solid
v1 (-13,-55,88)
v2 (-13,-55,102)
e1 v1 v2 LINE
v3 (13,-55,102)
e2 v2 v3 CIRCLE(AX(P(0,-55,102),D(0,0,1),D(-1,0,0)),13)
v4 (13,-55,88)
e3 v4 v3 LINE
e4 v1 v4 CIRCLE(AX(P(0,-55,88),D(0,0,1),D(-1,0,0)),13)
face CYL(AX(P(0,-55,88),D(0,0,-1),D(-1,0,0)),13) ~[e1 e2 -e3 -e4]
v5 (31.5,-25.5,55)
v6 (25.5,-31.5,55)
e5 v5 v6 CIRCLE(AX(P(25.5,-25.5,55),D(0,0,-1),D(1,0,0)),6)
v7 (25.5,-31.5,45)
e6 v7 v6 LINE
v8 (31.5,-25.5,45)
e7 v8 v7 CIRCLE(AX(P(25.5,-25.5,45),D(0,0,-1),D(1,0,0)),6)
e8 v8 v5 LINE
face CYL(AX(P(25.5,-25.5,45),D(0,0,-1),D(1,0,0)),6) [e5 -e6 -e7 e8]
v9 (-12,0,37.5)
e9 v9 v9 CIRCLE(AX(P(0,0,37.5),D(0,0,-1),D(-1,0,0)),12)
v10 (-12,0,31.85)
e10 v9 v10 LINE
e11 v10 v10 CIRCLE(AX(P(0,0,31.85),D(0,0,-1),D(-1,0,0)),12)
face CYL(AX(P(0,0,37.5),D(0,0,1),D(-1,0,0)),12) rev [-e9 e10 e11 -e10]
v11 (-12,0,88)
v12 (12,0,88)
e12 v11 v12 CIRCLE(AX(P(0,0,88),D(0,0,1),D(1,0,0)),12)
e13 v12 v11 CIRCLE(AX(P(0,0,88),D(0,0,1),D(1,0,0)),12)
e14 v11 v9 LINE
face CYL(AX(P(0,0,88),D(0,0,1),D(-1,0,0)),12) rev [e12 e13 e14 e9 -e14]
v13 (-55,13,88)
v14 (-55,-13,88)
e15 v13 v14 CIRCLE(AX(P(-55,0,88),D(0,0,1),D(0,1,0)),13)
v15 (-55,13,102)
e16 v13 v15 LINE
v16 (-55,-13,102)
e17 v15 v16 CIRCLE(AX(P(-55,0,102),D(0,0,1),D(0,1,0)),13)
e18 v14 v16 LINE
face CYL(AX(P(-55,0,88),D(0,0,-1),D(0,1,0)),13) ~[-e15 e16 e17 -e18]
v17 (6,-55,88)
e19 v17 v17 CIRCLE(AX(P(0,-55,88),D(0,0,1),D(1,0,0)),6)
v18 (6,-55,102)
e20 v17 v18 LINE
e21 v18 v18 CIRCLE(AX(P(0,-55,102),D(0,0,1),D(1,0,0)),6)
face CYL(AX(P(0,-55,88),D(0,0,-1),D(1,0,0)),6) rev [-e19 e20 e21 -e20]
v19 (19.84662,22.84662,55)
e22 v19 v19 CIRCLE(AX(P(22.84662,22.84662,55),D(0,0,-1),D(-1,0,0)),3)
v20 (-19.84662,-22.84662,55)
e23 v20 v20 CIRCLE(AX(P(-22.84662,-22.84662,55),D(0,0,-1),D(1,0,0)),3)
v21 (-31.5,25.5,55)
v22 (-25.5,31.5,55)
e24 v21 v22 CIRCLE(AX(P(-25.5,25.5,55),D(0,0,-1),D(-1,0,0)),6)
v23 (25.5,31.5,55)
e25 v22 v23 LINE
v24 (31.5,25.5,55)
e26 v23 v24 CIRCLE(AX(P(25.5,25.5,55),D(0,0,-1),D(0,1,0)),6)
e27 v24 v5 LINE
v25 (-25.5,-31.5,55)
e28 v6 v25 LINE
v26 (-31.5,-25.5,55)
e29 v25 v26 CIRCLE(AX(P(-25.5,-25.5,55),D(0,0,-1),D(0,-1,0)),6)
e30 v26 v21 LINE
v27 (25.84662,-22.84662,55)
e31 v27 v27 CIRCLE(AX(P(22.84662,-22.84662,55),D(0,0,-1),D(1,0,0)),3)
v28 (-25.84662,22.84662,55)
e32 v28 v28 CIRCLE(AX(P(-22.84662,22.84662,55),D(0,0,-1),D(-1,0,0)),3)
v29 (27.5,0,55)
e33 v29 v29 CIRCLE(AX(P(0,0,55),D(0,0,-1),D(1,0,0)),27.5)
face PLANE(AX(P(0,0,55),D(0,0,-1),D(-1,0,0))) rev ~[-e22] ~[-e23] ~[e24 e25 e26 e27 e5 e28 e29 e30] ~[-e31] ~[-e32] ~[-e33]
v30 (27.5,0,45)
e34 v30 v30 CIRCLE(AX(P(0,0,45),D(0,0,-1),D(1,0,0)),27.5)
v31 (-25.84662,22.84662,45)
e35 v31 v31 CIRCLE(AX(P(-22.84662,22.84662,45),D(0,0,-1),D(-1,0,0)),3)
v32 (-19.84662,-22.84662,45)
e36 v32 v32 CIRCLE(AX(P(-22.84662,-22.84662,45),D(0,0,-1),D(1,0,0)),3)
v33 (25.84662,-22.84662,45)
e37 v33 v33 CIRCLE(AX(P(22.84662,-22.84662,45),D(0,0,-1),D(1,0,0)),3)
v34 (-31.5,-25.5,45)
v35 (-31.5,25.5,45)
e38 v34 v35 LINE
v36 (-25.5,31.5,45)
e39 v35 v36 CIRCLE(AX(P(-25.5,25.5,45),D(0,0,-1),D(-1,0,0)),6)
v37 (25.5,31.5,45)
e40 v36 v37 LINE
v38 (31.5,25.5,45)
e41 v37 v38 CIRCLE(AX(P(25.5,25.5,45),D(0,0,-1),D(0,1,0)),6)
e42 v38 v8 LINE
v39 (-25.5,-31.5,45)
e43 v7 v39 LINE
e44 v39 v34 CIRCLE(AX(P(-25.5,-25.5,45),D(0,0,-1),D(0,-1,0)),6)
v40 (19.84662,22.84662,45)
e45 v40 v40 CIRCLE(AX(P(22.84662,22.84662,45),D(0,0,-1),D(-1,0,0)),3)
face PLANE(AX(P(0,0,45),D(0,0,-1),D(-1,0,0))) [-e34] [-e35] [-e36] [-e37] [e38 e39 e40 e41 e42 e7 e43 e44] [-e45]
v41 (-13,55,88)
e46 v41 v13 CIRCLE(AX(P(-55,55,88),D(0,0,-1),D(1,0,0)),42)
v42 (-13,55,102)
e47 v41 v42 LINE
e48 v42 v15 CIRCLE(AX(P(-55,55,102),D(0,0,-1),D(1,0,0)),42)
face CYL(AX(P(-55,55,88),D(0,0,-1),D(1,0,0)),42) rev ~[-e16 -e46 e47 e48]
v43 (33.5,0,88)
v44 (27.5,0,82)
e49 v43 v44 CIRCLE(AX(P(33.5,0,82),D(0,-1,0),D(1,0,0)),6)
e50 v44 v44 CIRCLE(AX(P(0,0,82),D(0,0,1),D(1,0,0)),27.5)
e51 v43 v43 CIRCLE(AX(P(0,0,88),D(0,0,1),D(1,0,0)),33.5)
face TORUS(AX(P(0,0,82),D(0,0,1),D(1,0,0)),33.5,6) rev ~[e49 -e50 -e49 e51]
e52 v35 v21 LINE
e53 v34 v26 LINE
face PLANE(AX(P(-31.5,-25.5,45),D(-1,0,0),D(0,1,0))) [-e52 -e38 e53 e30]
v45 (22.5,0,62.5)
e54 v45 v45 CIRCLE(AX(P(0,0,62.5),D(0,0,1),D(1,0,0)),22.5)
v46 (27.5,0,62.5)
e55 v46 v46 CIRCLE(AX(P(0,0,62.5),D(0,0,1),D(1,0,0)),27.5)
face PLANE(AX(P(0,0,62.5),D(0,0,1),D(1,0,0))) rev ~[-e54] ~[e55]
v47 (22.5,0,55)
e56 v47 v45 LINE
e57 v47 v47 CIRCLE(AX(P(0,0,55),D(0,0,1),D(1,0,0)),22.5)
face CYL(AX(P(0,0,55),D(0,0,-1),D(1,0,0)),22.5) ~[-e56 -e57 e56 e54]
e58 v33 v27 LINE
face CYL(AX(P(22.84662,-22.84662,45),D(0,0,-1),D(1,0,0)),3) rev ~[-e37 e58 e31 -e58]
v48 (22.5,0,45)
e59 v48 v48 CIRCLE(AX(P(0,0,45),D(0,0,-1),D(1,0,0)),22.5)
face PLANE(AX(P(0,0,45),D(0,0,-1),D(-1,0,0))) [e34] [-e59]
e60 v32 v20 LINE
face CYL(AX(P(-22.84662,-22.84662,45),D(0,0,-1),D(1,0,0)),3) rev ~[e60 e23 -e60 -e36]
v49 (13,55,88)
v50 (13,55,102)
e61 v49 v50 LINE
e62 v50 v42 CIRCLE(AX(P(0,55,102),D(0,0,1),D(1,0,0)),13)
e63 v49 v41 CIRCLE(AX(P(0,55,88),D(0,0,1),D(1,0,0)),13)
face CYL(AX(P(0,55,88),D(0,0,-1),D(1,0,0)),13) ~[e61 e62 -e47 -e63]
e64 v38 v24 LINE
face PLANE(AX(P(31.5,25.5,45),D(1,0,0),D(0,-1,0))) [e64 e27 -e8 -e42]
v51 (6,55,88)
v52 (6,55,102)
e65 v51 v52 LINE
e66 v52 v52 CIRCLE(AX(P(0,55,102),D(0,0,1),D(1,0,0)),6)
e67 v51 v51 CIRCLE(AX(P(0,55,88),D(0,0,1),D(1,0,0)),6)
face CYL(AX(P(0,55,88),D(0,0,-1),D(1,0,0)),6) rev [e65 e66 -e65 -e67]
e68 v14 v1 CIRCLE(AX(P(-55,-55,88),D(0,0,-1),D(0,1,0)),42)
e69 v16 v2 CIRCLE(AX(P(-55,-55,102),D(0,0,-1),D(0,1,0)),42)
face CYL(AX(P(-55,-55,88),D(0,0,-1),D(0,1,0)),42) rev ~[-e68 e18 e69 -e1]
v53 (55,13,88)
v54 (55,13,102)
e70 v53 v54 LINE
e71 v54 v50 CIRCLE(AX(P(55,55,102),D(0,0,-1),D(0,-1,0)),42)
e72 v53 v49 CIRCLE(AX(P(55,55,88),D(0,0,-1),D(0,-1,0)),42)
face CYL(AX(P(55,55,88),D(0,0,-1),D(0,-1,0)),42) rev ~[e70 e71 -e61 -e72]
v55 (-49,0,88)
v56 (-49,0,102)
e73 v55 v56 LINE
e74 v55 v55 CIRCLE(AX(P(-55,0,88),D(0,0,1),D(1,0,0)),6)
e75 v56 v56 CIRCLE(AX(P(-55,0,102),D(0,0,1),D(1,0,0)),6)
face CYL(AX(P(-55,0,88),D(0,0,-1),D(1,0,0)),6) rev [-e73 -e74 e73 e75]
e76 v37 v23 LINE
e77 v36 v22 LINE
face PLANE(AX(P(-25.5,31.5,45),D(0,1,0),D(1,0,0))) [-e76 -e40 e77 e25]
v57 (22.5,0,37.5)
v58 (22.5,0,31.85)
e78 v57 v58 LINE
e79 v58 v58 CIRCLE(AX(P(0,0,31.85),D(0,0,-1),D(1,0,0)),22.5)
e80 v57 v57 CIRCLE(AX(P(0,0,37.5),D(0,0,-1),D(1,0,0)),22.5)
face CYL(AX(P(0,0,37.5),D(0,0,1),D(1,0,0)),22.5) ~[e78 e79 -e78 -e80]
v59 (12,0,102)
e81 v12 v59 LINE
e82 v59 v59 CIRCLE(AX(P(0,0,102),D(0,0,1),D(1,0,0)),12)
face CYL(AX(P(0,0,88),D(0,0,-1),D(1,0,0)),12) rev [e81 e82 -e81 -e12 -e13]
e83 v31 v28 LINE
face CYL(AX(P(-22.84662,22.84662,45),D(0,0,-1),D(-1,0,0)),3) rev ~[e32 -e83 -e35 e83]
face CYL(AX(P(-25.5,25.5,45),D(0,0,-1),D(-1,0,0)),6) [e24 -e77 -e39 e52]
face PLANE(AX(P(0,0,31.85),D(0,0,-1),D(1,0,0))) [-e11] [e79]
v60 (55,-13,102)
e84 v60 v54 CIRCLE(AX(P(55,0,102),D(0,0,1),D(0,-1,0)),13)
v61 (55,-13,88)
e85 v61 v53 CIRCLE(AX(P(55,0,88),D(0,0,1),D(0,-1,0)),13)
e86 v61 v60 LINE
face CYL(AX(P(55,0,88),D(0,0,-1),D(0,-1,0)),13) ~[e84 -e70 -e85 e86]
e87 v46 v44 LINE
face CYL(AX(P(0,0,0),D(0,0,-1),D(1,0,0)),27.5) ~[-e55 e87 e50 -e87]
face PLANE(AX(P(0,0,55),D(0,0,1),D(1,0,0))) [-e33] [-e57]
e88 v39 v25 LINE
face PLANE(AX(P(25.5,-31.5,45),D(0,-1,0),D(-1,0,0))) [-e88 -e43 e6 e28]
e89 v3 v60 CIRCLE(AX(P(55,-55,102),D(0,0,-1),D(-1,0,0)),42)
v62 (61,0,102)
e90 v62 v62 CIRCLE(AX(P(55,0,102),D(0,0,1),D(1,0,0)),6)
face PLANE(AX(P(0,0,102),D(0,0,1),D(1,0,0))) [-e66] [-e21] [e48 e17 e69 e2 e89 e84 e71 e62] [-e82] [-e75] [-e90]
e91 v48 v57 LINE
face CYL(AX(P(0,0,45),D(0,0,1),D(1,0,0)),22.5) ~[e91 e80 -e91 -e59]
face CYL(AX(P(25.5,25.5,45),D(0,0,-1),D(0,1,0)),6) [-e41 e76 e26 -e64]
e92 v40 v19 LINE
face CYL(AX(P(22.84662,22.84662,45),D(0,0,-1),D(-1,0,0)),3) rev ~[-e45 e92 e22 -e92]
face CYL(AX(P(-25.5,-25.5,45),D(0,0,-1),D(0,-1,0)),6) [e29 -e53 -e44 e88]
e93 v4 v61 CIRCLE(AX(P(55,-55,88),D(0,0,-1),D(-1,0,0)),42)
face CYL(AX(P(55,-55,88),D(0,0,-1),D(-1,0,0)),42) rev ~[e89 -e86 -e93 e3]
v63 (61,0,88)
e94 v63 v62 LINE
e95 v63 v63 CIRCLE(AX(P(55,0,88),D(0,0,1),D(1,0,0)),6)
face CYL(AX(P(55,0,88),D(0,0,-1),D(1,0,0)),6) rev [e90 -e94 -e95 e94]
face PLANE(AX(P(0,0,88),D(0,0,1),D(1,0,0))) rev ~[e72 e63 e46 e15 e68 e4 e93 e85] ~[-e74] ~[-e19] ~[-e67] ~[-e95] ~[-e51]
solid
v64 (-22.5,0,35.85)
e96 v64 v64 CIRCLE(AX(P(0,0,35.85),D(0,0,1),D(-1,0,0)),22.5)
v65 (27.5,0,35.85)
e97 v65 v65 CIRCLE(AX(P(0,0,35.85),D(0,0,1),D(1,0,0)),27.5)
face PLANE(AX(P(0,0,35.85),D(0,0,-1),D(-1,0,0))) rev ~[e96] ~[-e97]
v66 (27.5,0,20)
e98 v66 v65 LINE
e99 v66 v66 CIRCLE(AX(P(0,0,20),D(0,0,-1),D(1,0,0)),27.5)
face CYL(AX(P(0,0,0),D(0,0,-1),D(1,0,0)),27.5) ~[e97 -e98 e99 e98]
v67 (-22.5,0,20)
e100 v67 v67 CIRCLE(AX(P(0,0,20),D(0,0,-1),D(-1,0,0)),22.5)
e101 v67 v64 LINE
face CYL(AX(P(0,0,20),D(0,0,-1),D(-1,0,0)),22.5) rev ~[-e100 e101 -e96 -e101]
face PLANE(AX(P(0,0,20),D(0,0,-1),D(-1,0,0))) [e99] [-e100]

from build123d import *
from build123d.topology import SkipClean

# Parameters (mm, degrees)
SKETCH1_R                = 27.5
SKETCH1_R_2              = 20
BOSS_EXTRUDE1_DEPTH      = 88
SKETCH2_R                = 3
SKETCH2_R_2              = 27.5
BOSS_EXTRUDE2_DEPTH      = 10
SKETCH3_R                = 6
SKETCH3_R_2              = 12
BOSS_EXTRUDE3_DEPTH      = 14
FILLET3_R                = 6
BOSS_EXTRUDE4_DEPTH      = 7.5
BOSS_EXTRUDE4_DEPTH_BACK = 43
SKETCH6_R                = 20
SKETCH6_R_2              = 12
SKETCH7_R                = 27.5
CUT_EXTRUDE1_DEPTH       = 20
SKETCH8_R                = 22.5
CUT_EXTRUDE2_DEPTH       = 17.5
CUT_EXTRUDE5_DEPTH       = 1.9
CUT_EXTRUDE5_DEPTH_BACK  = 7.25
SKETCH11_R               = 27.5
SKETCH11_R_2             = 22.5
SKETCH12_R               = 27.5
SKETCH12_R_2             = 22.5
BOSS_EXTRUDE5_DEPTH      = 15.85
SKETCH13_R               = 22.5
SKETCH13_R_2             = 12
BOSS_EXTRUDE6_DEPTH      = 5.65
SKETCH15_R               = 27.5
SKETCH15_R_2             = 22.5
CUT_EXTRUDE7_DEPTH       = 7.5


with BuildPart() as part:
    # Sketch1 → Boss-Extrude1 (new body)
    with BuildSketch(Plane.XY):
        Circle(SKETCH1_R)
        Circle(SKETCH1_R_2, mode=Mode.SUBTRACT)
    extrude(amount=BOSS_EXTRUDE1_DEPTH)

    # Sketch2 → Boss-Extrude2 (add)
    with BuildSketch(Plane(origin=(0, 0, 45), x_dir=(-1, 0, 0), z_dir=(0, 0, -1))):
        with BuildLine():
            Line((-25.5, -31.5), (25.5, -31.5))
            ThreePointArc((25.5, -31.5), (29.742640687, -29.742640687), (31.5, -25.5))
            Line((31.5, -25.5), (31.5, 25.5))
            ThreePointArc((31.5, 25.5), (29.742640687, 29.742640687), (25.5, 31.5))
            Line((25.5, 31.5), (-25.5, 31.5))
            ThreePointArc((-25.5, 31.5), (-29.742640687, 29.742640687), (-31.5, 25.5))
            Line((-31.5, 25.5), (-31.5, -25.5))
            ThreePointArc((-31.5, -25.5), (-29.742640687, -29.742640687), (-25.5, -31.5))
        make_face()
        with Locations((22.8466201, 22.8466201)):
            Circle(SKETCH2_R, mode=Mode.SUBTRACT)
        with Locations(Location((-22.8466201, -22.8466201, 0), (0, 0, 180))):
            Circle(SKETCH2_R, mode=Mode.SUBTRACT)
        with Locations(Location((22.8466201, -22.8466201, 0), (0, 0, 180))):
            Circle(SKETCH2_R, mode=Mode.SUBTRACT)
        with Locations((-22.8466201, 22.8466201)):
            Circle(SKETCH2_R, mode=Mode.SUBTRACT)
        Circle(SKETCH2_R_2, mode=Mode.SUBTRACT)
    extrude(amount=-BOSS_EXTRUDE2_DEPTH)

    # Sketch3 → Boss-Extrude3 (add)
    with BuildSketch(Plane.XY.offset(88)):
        with BuildLine():
            ThreePointArc((55, 13), (25.30151519, 25.30151519), (13, 55))
            ThreePointArc((13, 55), (0, 68), (-13, 55))
            ThreePointArc((-13, 55), (-25.30151519, 25.30151519), (-55, 13))
            ThreePointArc((-55, 13), (-68, 0), (-55, -13))
            ThreePointArc((-55, -13), (-25.30151519, -25.30151519), (-13, -55))
            ThreePointArc((-13, -55), (0, -68), (13, -55))
            ThreePointArc((13, -55), (25.30151519, -25.30151519), (55, -13))
            ThreePointArc((55, -13), (68, 0), (55, 13))
        make_face()
        with Locations((0, -55)):
            Circle(SKETCH3_R, mode=Mode.SUBTRACT)
        with Locations((-55, 0)):
            Circle(SKETCH3_R, mode=Mode.SUBTRACT)
        Circle(SKETCH3_R_2, mode=Mode.SUBTRACT)
        with Locations((55, 0)):
            Circle(SKETCH3_R, mode=Mode.SUBTRACT)
        with Locations((0, 55)):
            Circle(SKETCH3_R, mode=Mode.SUBTRACT)
    extrude(amount=BOSS_EXTRUDE3_DEPTH)

    # Fillet3
    fillet3_edges = [part.edges().sort_by_distance(p)[0] for p in [
        (-27.5, 0, 88),
    ]]
    fillet(fillet3_edges, radius=FILLET3_R)

    # Sketch6 → Boss-Extrude4 (add, two sides: drawn at the far end of the back side and taken through both)
    with SkipClean():  # the faces are left unmerged after this step: merging them gives an invalid solid
        with BuildSketch(Plane(origin=(0, 0, 45), x_dir=(-1, 0, 0), z_dir=(0, 0, -1)).offset(-BOSS_EXTRUDE4_DEPTH_BACK)):
            Circle(SKETCH6_R)
            Circle(SKETCH6_R_2, mode=Mode.SUBTRACT)
        extrude(amount=BOSS_EXTRUDE4_DEPTH + BOSS_EXTRUDE4_DEPTH_BACK)

    # Sketch7 → Cut-Extrude1 (cut)
    with SkipClean():  # the faces are left unmerged after this step: merging them gives an invalid solid
        with BuildSketch(Plane(origin=(0, 0, 0), x_dir=(-1, 0, 0), z_dir=(0, 0, -1))):
            Circle(SKETCH7_R)
        extrude(amount=-CUT_EXTRUDE1_DEPTH, mode=Mode.SUBTRACT)

    # Sketch8 → Cut-Extrude2 (cut)
    with SkipClean():  # the faces are left unmerged after this step: merging them gives an invalid solid
        with BuildSketch(Plane(origin=(0, 0, 20), x_dir=(-1, 0, 0), z_dir=(0, 0, -1))):
            Circle(SKETCH8_R)
        extrude(amount=-CUT_EXTRUDE2_DEPTH, mode=Mode.SUBTRACT)

    # Sketch11 → Cut-Extrude5 (cut, two sides: drawn at the far end of the back side and taken through both)
    with SkipClean():  # the faces are left unmerged after this step: merging them gives an invalid solid
        with BuildSketch(Plane(origin=(0, 0, 37.75), x_dir=(-1, 0, 0), z_dir=(0, 0, -1)).offset(-CUT_EXTRUDE5_DEPTH_BACK)):
            Circle(SKETCH11_R)
            with Locations(Location((0, 0, 0), (0, 0, 180))):
                Circle(SKETCH11_R_2, mode=Mode.SUBTRACT)
        extrude(amount=CUT_EXTRUDE5_DEPTH + CUT_EXTRUDE5_DEPTH_BACK, mode=Mode.SUBTRACT)


with BuildPart() as cut_extrude5_piece_1:
    # of the separate pieces the step leaves, piece 1, a body of its own (cut_extrude5_pieces)
    add(part.part.solids().sort_by_distance((33.5, 0, 88))[0])

    # Sketch13 → Boss-Extrude6 (add)
    with SkipClean():  # the faces are left unmerged after this step: merging them gives an invalid solid
        with BuildSketch(Plane(origin=(0, 0, 37.5), x_dir=(-1, 0, 0), z_dir=(0, 0, -1))):
            with Locations(Location((0, 0, 0), (0, 0, 180))):
                Circle(SKETCH13_R)
            Circle(SKETCH13_R_2, mode=Mode.SUBTRACT)
        extrude(amount=BOSS_EXTRUDE6_DEPTH)

    # Sketch15 → Cut-Extrude7 (cut)
    with SkipClean():  # the faces are left unmerged after this step: merging them gives an invalid solid
        with BuildSketch(Plane.XY.offset(55)):
            Circle(SKETCH15_R)
            Circle(SKETCH15_R_2, mode=Mode.SUBTRACT)
        extrude(amount=CUT_EXTRUDE7_DEPTH, mode=Mode.SUBTRACT)


with BuildPart() as cut_extrude5_piece_2:
    # of the separate pieces the step leaves, piece 2, a body of its own (cut_extrude5_pieces)
    add(part.part.solids().sort_by_distance((27.5, 0, 20))[0])

    # Sketch12 → Boss-Extrude5 (add)
    with BuildSketch(Plane(origin=(0, 0, 20), x_dir=(-1, 0, 0), z_dir=(0, 0, -1))):
        Circle(SKETCH12_R)
        with Locations(Location((0, 0, 0), (0, 0, 180))):
            Circle(SKETCH12_R_2, mode=Mode.SUBTRACT)
    extrude(amount=-BOSS_EXTRUDE5_DEPTH)


solid = Compound([cut_extrude5_piece_1.part, cut_extrude5_piece_2.part])
